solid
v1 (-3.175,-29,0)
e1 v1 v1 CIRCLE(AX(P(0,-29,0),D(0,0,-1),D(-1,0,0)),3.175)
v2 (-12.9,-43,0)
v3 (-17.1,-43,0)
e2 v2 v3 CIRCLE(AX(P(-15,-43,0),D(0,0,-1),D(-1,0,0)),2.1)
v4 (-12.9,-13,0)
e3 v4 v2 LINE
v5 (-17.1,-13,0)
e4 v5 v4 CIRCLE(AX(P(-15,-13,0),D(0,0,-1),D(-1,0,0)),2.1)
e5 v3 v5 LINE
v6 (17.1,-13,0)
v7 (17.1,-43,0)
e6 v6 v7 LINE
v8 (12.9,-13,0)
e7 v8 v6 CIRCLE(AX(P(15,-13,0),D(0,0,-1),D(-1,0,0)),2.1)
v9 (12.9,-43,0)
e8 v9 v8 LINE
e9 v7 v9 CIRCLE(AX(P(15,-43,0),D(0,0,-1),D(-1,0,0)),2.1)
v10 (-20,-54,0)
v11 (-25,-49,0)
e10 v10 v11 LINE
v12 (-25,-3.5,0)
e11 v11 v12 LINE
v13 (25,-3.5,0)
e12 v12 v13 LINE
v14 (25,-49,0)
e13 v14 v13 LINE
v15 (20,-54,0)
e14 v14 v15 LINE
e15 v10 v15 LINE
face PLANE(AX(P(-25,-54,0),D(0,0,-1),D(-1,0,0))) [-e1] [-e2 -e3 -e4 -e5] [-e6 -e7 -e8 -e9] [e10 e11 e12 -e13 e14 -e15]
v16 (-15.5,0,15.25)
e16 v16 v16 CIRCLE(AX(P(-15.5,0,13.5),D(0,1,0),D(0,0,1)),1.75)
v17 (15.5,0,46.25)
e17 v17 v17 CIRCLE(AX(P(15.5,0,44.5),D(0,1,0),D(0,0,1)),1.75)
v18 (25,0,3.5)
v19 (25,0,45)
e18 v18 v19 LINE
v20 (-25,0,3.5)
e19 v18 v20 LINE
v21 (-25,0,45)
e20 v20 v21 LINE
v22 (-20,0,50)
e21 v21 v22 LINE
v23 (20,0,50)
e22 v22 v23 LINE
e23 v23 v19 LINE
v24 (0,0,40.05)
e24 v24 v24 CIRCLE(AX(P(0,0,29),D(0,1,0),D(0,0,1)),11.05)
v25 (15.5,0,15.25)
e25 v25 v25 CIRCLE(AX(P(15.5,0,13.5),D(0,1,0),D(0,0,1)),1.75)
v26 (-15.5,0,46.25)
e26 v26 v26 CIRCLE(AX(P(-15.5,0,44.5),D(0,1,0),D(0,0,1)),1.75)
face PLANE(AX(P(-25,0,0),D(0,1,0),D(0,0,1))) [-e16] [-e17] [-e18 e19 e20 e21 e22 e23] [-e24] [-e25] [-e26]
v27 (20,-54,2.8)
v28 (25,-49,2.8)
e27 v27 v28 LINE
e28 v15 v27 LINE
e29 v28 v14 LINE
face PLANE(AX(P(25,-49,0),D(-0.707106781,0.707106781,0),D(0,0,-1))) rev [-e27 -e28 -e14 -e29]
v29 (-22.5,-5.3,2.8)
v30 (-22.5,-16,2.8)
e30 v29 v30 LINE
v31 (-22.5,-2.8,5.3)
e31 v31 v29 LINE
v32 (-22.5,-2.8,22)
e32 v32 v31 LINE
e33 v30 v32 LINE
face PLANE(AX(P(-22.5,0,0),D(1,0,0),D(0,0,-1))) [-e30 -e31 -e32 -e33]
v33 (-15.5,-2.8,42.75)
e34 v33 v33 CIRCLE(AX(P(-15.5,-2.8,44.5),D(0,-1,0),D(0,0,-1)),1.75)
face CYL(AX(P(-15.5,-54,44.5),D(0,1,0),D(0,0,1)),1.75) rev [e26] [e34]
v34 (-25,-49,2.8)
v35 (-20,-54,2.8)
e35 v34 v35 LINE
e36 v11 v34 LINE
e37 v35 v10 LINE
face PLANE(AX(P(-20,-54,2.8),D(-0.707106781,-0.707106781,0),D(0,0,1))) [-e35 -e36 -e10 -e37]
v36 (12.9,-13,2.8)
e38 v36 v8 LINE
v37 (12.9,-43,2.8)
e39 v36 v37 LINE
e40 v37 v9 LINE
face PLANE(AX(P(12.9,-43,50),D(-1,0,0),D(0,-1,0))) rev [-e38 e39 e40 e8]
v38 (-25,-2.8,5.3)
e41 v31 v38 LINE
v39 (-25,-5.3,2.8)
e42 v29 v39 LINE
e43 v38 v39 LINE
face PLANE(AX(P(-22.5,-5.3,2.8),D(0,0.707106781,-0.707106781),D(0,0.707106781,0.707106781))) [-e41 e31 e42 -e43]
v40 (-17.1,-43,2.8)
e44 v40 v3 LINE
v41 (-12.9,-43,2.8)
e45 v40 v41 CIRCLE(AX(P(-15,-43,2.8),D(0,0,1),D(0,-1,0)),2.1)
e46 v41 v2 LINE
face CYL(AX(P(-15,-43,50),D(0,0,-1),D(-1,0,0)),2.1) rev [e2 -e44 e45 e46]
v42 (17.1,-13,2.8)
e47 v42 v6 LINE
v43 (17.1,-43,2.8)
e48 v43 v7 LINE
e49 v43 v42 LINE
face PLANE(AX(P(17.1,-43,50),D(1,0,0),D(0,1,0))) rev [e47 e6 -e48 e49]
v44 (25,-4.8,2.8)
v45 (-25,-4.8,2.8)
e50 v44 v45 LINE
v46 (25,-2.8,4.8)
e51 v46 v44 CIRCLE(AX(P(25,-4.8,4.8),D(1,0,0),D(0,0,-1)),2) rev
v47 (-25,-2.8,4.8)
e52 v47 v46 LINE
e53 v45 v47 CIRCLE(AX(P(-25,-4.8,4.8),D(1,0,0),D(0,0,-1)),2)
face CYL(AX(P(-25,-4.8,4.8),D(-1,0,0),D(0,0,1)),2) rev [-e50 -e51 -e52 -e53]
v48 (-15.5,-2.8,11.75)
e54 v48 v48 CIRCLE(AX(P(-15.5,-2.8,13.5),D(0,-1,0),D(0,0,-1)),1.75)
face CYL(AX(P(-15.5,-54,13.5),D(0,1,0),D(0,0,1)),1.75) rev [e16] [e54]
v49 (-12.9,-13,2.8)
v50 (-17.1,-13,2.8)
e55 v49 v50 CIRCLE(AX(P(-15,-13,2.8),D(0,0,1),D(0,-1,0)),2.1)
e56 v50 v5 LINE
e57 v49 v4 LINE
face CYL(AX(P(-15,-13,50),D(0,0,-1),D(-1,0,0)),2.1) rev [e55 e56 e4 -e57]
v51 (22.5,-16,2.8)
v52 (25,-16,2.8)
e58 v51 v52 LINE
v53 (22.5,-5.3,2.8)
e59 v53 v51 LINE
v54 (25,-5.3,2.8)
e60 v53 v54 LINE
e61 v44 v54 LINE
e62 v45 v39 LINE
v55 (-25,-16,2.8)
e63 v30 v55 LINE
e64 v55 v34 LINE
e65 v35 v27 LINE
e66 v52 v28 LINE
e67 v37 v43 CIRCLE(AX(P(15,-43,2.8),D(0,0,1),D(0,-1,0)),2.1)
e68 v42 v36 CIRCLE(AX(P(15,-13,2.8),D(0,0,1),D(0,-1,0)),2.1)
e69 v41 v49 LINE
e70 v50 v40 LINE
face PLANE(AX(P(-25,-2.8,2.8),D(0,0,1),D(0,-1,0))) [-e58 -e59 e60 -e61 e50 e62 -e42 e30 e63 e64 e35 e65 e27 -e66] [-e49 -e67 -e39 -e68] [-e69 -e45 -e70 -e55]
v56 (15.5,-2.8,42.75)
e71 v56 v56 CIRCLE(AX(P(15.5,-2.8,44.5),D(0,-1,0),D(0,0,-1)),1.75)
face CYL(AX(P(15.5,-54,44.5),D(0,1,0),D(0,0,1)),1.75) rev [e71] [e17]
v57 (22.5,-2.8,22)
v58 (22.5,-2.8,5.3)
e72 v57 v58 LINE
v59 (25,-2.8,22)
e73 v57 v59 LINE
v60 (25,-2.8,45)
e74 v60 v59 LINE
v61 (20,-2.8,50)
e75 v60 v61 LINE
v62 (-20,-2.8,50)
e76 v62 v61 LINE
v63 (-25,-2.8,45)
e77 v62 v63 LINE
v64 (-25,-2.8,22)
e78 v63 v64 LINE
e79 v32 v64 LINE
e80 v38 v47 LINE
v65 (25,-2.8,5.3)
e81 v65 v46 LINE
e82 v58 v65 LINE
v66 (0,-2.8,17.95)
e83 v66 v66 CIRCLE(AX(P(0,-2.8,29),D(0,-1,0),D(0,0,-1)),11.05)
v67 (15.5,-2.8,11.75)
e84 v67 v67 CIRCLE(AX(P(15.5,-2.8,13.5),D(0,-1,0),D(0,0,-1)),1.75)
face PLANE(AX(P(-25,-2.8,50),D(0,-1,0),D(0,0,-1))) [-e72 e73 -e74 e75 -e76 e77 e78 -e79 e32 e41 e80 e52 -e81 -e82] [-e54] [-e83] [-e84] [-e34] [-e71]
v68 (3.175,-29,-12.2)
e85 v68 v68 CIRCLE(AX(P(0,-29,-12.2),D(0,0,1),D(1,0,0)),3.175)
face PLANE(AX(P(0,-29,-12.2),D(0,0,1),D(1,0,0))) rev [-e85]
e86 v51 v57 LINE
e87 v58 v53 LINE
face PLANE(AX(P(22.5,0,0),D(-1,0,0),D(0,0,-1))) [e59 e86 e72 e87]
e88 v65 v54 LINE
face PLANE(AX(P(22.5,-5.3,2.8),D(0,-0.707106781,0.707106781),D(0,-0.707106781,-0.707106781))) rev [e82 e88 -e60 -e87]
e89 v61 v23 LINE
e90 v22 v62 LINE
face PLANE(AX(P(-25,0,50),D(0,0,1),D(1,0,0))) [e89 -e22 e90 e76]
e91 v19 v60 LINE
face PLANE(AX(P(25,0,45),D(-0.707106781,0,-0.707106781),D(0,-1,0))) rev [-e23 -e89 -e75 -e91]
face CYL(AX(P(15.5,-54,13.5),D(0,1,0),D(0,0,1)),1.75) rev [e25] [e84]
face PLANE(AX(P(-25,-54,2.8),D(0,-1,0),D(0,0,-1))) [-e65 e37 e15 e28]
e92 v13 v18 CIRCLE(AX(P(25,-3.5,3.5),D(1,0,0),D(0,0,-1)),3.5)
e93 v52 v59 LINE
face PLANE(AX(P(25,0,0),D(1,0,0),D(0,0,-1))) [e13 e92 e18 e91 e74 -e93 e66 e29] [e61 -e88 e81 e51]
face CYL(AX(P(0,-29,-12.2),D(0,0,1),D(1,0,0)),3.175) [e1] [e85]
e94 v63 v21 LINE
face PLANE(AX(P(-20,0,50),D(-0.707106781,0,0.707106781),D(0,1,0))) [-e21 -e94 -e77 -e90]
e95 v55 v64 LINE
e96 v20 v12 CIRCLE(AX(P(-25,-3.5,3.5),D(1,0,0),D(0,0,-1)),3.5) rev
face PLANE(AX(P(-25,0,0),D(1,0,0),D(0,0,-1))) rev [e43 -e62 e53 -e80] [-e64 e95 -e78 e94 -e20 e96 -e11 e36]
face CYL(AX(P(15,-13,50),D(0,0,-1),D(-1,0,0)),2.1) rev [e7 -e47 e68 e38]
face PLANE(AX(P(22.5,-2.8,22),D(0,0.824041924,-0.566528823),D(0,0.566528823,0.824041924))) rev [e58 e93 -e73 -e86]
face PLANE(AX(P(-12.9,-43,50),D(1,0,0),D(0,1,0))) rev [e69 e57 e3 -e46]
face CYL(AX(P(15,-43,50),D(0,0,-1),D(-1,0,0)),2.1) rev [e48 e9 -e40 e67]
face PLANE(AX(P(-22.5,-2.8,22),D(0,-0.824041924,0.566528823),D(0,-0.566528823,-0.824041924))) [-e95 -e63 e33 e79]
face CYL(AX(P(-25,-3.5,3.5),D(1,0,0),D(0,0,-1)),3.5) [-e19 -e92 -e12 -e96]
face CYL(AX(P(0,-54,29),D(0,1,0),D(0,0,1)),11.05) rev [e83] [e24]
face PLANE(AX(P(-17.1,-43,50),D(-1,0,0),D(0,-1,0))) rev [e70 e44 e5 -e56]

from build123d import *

# Parameters (mm, degrees)
BOSS_EXTRUDE1_DEPTH      = 25
BOSS_EXTRUDE1_DEPTH_BACK = 25
SKETCH3_R                = 11.05
SKETCH3_R_2              = 1.75
CUT_EXTRUDE1_DEPTH       = 78.723870207
CUT_EXTRUDE2_DEPTH       = 78.723870207
CHAMFER1_SIZE            = 5
FILLET1_R                = 2
FILLET2_R                = 3.5
BOSS_EXTRUDE2_DEPTH      = 2.5
SKETCH6_R                = 3.175
BOSS_EXTRUDE3_DEPTH      = 15


with BuildPart() as part:
    # Sketch1 → Boss-Extrude1 (new, two sides: drawn at the far end of the back side and taken through both)
    with BuildSketch(Plane(origin=(0, 0, 0), x_dir=(0, 0, -1), z_dir=(1, 0, 0)).offset(-BOSS_EXTRUDE1_DEPTH_BACK)):
        Polygon((-50, 0), (-50, -2.8), (-2.8, -2.8), (-2.8, -54), (0, -54), (0, 0), align=None)
    extrude(amount=BOSS_EXTRUDE1_DEPTH + BOSS_EXTRUDE1_DEPTH_BACK)

    # Sketch3 → Cut-Extrude1 (cut, through all)
    with BuildSketch(Plane(origin=(0, 0, 0), x_dir=(1, 0, 0), z_dir=(0, 1, 0))):
        with Locations((0, -29)):
            Circle(SKETCH3_R)
        with Locations((-15.5, -13.5)):
            Circle(SKETCH3_R_2)
        with Locations((15.5, -13.5)):
            Circle(SKETCH3_R_2)
        with Locations((15.5, -44.5)):
            Circle(SKETCH3_R_2)
        with Locations((-15.5, -44.5)):
            Circle(SKETCH3_R_2)
    extrude(amount=-CUT_EXTRUDE1_DEPTH, mode=Mode.SUBTRACT)

    # Sketch4 → Cut-Extrude2 (cut, through all)
    with BuildSketch(Plane(origin=(0, 0, 0), x_dir=(-1, 0, 0), z_dir=(0, 0, -1))):
        with BuildLine():
            Line((-17.1, -43), (-17.1, -13))
            ThreePointArc((-17.1, -13), (-15, -10.9), (-12.9, -13))
            Line((-12.9, -13), (-12.9, -43))
            ThreePointArc((-12.9, -43), (-15, -45.1), (-17.1, -43))
        make_face()
        with BuildLine():
            Line((12.9, -43), (12.9, -13))
            ThreePointArc((12.9, -13), (15, -10.9), (17.1, -13))
            Line((17.1, -13), (17.1, -43))
            ThreePointArc((17.1, -43), (15, -45.1), (12.9, -43))
        make_face()
    extrude(amount=-CUT_EXTRUDE2_DEPTH, mode=Mode.SUBTRACT)

    # Chamfer1
    chamfer1_edges = [part.edges().sort_by_distance(p)[0] for p in [
        (25, -54, 1.4),
        (-25, -54, 1.4),
        (-25, -1.4, 50),
        (25, -1.4, 50),
    ]]
    chamfer(chamfer1_edges, length=CHAMFER1_SIZE)

    # Fillet1
    fillet1_edges = [part.edges().sort_by_distance(p)[0] for p in [
        (0, -2.8, 2.8),
    ]]
    fillet(fillet1_edges, radius=FILLET1_R)

    # Fillet2
    fillet2_edges = [part.edges().sort_by_distance(p)[0] for p in [
        (0, 0, 0),
    ]]
    fillet(fillet2_edges, radius=FILLET2_R)

    # Sketch5 → Boss-Extrude2 (add)
    with BuildSketch(Plane.ZY.offset(25)):
        Polygon((2.8, -5.3), (5.3, -2.8), (22, -2.8), (2.8, -16), align=None)
    boss_extrude2 = extrude(amount=-BOSS_EXTRUDE2_DEPTH)

    # Mirror1: Boss-Extrude2 across plane
    add(boss_extrude2.mirror(Plane(origin=(0, 0, 0), x_dir=(0, 0, 1), z_dir=(1, 0, 0))))

    # Sketch6 → Boss-Extrude3 (add)
    with BuildSketch(Plane.XY.offset(2.8)):
        with Locations((0, -29)):
            Circle(SKETCH6_R)
    extrude(amount=-BOSS_EXTRUDE3_DEPTH)


solid = part.part
